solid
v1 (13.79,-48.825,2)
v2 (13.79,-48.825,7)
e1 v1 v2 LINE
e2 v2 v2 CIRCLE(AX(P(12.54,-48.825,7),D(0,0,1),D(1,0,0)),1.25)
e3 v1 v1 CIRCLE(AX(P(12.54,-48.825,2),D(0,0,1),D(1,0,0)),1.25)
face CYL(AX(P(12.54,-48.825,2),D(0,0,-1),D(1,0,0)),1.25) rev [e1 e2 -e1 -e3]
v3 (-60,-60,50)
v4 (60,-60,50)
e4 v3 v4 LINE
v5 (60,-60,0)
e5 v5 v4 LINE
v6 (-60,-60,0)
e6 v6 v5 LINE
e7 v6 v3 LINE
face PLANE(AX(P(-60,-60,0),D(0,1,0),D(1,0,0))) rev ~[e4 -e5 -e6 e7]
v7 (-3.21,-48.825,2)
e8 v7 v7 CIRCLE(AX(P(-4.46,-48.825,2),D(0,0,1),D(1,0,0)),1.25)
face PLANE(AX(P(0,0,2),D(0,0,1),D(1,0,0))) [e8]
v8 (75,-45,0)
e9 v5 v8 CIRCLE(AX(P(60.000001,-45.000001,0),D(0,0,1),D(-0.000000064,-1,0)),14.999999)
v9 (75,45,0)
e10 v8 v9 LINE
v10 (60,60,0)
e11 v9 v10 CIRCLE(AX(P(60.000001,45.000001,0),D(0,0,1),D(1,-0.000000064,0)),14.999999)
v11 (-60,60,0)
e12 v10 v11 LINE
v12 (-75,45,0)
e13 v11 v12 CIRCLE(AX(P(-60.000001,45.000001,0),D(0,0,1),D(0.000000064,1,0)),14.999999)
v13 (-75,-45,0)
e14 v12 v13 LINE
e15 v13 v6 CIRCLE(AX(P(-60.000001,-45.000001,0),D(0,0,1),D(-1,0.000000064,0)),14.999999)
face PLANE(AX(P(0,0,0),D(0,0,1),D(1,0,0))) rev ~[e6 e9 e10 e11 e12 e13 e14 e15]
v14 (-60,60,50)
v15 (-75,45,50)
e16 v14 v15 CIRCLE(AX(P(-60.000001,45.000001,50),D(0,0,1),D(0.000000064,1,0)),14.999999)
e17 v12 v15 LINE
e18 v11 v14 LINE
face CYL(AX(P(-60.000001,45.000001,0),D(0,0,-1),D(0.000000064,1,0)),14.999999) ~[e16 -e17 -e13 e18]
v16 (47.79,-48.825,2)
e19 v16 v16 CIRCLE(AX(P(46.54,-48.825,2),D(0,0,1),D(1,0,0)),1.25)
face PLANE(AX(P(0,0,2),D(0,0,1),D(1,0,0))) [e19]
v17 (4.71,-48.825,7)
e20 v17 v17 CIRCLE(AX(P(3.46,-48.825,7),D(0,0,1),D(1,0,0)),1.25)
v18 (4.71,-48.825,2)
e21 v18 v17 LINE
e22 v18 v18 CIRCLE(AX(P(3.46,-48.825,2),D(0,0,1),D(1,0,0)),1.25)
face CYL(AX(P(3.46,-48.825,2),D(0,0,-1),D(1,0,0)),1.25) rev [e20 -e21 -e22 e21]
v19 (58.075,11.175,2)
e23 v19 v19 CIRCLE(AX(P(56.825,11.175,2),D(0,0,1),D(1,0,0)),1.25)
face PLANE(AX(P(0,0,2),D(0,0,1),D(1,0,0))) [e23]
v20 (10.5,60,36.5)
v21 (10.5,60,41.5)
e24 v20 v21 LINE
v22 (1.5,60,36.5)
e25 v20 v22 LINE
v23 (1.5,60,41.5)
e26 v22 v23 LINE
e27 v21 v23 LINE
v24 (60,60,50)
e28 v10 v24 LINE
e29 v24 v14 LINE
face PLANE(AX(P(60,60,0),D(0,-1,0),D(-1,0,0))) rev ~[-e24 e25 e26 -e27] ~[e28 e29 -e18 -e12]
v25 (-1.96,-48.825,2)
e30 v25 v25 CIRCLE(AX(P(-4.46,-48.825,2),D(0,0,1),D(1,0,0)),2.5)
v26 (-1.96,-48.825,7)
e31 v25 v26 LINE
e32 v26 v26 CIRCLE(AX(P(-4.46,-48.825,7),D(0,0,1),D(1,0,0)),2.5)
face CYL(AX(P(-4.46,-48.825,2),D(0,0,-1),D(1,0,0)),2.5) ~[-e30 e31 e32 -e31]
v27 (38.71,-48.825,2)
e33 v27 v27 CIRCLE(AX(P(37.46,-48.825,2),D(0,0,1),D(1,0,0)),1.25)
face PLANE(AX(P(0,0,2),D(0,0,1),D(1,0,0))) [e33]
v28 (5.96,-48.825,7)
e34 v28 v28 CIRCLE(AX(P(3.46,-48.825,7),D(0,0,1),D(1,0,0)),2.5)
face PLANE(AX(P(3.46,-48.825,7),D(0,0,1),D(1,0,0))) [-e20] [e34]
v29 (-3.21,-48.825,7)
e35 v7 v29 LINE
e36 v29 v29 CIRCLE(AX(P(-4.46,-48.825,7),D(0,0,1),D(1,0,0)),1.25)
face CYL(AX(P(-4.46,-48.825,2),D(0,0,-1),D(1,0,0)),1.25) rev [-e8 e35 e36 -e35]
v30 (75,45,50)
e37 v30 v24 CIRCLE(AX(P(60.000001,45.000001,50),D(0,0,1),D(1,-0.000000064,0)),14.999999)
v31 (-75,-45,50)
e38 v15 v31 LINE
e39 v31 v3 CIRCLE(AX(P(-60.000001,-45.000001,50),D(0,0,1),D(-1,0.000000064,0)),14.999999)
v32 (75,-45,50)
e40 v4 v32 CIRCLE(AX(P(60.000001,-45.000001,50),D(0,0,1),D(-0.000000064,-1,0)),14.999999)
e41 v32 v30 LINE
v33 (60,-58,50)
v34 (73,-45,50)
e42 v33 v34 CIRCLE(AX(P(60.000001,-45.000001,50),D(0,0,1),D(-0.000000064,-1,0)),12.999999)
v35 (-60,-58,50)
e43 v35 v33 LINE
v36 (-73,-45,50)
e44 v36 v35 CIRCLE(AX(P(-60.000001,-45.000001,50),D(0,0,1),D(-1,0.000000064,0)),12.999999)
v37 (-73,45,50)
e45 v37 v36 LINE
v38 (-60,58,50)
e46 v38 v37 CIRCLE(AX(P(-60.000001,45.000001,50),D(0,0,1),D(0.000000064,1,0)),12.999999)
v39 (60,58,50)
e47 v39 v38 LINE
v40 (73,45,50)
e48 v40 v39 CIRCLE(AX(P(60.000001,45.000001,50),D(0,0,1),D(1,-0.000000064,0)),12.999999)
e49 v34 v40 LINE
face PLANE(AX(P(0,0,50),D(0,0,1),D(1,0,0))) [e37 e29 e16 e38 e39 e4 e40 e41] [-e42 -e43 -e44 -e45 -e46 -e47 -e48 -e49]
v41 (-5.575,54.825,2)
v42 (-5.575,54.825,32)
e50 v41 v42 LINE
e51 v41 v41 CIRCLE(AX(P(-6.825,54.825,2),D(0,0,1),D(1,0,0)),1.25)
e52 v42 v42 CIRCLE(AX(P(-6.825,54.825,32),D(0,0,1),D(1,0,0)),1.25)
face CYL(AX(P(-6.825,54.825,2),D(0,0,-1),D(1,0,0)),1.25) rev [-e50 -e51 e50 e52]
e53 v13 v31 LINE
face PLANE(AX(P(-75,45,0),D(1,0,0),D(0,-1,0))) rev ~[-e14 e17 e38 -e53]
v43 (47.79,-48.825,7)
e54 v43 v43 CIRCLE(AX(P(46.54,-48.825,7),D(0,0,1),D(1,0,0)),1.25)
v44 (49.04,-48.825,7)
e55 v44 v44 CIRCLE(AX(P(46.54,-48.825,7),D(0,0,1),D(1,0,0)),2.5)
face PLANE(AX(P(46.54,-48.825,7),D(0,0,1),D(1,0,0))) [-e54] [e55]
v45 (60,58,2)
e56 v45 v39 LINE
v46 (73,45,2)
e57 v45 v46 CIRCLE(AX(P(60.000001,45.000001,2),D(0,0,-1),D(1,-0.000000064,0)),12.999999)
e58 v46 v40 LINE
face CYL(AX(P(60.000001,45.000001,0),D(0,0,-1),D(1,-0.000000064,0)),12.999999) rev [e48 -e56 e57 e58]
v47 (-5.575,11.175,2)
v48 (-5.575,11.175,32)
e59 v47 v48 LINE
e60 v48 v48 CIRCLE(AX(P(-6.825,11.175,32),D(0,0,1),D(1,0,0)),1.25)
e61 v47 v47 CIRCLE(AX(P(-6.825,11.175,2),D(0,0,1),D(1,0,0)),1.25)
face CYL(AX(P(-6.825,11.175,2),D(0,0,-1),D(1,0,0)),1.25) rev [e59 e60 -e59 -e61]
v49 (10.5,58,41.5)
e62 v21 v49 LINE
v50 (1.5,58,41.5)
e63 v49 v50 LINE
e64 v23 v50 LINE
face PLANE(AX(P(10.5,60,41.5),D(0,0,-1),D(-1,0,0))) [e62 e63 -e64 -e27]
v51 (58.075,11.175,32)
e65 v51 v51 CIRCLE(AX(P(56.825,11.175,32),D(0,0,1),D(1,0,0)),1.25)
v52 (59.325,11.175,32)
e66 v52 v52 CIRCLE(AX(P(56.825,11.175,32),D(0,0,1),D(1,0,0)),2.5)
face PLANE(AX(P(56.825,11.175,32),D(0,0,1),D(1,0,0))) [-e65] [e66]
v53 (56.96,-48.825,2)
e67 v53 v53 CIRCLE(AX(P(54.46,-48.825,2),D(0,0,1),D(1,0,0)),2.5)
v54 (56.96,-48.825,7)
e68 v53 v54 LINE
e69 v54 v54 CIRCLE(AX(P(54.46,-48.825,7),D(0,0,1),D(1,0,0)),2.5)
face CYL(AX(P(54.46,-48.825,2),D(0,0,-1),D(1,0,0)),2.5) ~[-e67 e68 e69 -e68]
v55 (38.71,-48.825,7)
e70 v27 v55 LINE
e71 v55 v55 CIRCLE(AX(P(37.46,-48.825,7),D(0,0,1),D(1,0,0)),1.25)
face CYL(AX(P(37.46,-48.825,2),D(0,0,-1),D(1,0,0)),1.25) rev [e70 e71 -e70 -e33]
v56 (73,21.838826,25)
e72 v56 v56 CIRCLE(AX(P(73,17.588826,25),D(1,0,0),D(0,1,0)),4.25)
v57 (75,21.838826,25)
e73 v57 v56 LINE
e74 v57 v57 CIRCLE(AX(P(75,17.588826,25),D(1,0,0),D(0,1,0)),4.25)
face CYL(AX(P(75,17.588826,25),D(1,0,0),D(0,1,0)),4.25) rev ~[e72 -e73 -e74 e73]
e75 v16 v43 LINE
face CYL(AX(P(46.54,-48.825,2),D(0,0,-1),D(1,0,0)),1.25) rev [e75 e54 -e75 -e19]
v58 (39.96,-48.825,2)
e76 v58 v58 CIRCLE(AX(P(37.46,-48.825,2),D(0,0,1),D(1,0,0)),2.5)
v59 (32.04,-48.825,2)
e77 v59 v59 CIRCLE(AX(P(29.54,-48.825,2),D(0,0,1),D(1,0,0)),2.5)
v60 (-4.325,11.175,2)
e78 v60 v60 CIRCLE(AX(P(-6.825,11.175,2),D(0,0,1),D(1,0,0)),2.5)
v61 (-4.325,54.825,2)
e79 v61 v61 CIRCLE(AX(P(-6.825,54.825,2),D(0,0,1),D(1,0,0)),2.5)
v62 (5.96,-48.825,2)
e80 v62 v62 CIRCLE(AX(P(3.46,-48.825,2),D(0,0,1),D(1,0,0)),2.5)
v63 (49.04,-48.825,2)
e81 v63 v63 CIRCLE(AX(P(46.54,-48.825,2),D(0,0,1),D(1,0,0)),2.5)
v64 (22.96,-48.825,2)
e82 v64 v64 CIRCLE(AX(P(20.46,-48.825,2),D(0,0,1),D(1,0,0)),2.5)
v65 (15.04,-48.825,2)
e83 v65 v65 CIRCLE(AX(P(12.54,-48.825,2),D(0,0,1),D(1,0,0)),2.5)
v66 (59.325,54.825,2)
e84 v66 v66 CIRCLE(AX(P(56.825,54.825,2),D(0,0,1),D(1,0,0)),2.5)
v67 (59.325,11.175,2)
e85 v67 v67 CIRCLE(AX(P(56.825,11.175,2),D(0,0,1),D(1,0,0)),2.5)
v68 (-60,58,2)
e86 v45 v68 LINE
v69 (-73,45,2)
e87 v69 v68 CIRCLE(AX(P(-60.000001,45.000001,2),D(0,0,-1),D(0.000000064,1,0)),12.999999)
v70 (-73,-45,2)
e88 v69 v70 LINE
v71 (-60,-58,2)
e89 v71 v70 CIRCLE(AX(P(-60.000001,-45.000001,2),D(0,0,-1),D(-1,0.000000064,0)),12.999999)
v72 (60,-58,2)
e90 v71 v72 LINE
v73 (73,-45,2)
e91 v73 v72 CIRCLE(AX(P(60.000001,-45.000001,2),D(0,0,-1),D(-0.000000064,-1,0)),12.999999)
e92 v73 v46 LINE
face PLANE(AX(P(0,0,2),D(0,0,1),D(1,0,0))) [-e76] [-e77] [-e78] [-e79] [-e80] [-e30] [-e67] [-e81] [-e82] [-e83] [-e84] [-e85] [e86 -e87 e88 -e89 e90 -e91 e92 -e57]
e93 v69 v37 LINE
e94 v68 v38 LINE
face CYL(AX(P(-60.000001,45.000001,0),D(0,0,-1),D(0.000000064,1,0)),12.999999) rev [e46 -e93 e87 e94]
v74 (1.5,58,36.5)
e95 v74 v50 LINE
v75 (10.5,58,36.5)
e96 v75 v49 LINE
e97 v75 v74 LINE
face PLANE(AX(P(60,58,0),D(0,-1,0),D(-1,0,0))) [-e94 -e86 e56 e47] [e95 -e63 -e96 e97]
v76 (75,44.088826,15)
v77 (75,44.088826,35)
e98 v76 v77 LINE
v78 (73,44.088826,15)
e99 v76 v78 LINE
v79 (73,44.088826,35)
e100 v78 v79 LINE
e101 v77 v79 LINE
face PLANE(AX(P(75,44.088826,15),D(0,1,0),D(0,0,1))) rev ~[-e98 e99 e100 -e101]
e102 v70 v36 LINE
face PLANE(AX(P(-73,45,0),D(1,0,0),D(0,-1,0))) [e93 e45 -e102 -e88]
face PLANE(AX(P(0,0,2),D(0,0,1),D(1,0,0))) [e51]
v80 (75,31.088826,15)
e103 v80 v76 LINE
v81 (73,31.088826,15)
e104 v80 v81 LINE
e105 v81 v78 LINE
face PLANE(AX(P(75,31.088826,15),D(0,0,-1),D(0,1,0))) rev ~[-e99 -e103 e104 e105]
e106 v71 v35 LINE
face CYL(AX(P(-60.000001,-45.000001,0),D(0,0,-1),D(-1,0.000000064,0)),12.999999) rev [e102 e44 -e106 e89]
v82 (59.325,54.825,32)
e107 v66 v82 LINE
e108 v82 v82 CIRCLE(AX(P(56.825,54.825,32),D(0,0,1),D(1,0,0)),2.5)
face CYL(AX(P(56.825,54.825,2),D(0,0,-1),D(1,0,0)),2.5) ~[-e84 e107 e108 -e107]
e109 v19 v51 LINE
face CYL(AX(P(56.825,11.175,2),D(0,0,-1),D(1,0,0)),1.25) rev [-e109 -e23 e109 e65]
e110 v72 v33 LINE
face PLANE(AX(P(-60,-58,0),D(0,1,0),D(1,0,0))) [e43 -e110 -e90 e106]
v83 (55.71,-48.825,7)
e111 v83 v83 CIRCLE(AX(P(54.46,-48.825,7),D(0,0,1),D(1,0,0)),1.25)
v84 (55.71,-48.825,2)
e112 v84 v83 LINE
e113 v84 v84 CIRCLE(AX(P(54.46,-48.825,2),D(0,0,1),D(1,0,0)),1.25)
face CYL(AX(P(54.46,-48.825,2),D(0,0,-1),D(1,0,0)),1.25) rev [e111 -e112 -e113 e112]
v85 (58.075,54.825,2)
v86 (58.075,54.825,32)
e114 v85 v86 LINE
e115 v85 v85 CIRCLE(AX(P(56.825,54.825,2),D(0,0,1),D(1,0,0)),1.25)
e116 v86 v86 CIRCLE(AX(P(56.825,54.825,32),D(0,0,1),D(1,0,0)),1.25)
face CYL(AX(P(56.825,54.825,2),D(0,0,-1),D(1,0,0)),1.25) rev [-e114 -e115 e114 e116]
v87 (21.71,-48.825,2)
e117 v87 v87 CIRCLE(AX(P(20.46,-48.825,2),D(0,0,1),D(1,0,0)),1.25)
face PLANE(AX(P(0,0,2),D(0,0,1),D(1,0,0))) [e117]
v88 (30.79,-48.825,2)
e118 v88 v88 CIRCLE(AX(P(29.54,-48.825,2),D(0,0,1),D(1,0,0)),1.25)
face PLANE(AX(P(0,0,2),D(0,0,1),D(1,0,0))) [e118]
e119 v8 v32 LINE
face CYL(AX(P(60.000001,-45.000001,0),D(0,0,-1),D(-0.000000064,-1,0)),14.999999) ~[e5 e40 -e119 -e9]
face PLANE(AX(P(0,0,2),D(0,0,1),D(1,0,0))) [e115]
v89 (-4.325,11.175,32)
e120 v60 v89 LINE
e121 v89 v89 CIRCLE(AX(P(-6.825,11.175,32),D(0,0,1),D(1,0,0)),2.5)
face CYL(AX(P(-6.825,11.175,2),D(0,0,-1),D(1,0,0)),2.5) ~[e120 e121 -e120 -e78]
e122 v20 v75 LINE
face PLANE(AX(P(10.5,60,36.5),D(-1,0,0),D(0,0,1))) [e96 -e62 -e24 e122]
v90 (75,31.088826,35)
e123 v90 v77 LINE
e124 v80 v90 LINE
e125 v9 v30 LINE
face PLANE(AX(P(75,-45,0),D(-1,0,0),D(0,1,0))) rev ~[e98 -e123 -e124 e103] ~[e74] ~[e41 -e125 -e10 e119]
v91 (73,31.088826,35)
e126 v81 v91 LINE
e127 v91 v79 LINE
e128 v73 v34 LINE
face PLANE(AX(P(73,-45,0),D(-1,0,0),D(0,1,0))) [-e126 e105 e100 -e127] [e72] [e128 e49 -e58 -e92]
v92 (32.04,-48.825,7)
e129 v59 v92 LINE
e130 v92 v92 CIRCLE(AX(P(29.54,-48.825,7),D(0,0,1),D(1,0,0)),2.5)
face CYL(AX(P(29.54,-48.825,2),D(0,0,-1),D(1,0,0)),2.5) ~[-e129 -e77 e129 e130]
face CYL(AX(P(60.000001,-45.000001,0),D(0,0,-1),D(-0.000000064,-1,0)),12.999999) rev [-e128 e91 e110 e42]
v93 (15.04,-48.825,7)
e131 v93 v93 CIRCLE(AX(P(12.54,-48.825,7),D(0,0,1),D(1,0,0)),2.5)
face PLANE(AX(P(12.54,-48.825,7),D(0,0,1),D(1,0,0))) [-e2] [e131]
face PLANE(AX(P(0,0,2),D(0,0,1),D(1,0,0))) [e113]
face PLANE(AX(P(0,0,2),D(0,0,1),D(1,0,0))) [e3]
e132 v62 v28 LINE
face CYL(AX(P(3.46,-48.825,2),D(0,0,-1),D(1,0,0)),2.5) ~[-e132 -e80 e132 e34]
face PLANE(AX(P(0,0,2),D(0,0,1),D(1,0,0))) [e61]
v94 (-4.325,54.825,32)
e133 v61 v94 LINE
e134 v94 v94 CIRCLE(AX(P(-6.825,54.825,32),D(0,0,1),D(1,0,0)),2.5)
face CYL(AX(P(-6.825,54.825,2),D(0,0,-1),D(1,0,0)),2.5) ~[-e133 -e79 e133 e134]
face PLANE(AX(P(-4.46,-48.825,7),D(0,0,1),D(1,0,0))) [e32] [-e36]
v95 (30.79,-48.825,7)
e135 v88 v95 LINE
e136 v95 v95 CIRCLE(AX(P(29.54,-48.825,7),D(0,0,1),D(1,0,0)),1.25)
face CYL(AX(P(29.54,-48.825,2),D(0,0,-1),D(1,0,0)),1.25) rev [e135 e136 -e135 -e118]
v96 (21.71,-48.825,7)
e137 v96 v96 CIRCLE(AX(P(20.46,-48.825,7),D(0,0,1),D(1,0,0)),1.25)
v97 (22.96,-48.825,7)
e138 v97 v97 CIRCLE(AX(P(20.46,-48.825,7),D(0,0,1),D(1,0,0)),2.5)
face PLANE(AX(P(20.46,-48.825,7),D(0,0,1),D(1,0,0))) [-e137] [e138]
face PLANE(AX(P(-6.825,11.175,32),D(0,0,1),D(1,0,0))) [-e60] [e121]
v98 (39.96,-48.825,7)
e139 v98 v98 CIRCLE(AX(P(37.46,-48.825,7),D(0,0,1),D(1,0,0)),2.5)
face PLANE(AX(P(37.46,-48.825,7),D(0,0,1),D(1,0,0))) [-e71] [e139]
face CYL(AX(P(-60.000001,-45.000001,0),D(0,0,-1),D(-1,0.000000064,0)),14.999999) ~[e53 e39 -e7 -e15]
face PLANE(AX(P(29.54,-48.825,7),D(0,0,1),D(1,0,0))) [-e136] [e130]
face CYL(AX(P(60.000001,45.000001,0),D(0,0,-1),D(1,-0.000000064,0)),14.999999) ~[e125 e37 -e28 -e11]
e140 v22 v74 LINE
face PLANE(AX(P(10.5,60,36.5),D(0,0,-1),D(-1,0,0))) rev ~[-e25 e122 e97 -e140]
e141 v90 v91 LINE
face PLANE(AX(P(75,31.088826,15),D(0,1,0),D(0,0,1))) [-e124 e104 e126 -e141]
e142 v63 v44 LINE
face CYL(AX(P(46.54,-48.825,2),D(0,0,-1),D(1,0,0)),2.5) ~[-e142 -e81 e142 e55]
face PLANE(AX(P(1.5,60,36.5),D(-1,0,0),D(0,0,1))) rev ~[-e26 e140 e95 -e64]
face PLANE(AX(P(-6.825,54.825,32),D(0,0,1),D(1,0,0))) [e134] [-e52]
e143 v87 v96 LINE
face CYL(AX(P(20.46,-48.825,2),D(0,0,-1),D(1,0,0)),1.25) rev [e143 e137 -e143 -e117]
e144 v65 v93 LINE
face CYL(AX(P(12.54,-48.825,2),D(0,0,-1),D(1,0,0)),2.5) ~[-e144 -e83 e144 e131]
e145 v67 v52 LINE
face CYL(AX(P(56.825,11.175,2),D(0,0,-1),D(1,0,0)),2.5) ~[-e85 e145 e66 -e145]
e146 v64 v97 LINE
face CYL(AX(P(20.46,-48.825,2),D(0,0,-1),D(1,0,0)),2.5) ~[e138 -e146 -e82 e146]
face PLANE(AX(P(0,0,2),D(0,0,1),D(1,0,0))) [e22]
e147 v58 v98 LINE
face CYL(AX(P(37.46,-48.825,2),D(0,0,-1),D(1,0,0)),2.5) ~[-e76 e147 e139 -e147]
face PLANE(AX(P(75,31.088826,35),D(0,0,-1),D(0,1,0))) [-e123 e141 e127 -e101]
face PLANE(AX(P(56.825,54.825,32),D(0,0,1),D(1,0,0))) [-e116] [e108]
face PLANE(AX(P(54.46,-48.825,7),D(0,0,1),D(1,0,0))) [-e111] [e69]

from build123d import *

# Parameters (mm, degrees)
F1_DEPTH  = 50
F2_T      = -2
F3_R      = 2.5
F3_R_2    = 1.25
F4_DEPTH  = 30
F5_W      = 9
F5_H      = 5
F6_DEPTH  = 2
F8_R      = 4.25
F8_W      = 13
F8_H      = 20
F9_DEPTH  = 2
F10_R     = 2.5
F10_R_2   = 1.25
F11_DEPTH = 5


with BuildPart() as f1:
    # F0 (on Top) → F1 (new body)
    with BuildSketch(Plane.XY):
        with BuildLine():
            Line((60, 60), (-60, 60))
            ThreePointArc((-60, 60), (-70.606602, 55.606602), (-75, 45))
            Line((-75, 45), (-75, -45))
            ThreePointArc((-75, -45), (-70.606602, -55.606602), (-60, -60))
            Line((-60, -60), (60, -60))
            ThreePointArc((60, -60), (70.606602, -55.606602), (75, -45))
            Line((75, -45), (75, 45))
            ThreePointArc((75, 45), (70.606602, 55.606602), (60, 60))
        make_face()
    extrude(amount=F1_DEPTH)

    # F2
    f2_openings = [f1.faces().sort_by_distance(p)[0] for p in [
        (0, 0, 50),
    ]]
    offset(amount=F2_T, openings=f2_openings)

    # F3 (on face) → F4 (join)
    with BuildSketch(Plane.XY.offset(2)):
        with Locations((-6.825, 54.825)):
            Circle(F3_R)
        with Locations((-6.825, 54.825)):
            Circle(F3_R_2, mode=Mode.SUBTRACT)
        with Locations((-6.825, 11.175)):
            Circle(F3_R)
        with Locations((-6.825, 11.175)):
            Circle(F3_R_2, mode=Mode.SUBTRACT)
        with Locations((56.825, 54.825)):
            Circle(F3_R)
        with Locations((56.825, 54.825)):
            Circle(F3_R_2, mode=Mode.SUBTRACT)
        with Locations((56.825, 11.175)):
            Circle(F3_R)
        with Locations((56.825, 11.175)):
            Circle(F3_R_2, mode=Mode.SUBTRACT)
    extrude(amount=F4_DEPTH)

    # F5 (on face) → F6 (cut, through all)
    with BuildSketch(Plane(origin=(0, 60, 0), x_dir=(-1, 0, 0), z_dir=(0, 1, 0))):
        with Locations((-6, 39)):
            Rectangle(F5_W, F5_H)
    extrude(amount=-F6_DEPTH, mode=Mode.SUBTRACT)

    # F8 (on face) → F9 (cut, through all)
    with BuildSketch(Plane.YZ.offset(75)):
        with Locations((17.588826, 25)):
            Circle(F8_R)
        with Locations((37.588826, 25)):
            Rectangle(F8_W, F8_H)
    extrude(amount=-F9_DEPTH, mode=Mode.SUBTRACT)

    # F10 (on face) → F11 (join)
    with BuildSketch(Plane.XY.offset(2)):
        with Locations((-4.46, -48.825)):
            Circle(F10_R)
        with Locations((-4.46, -48.825)):
            Circle(F10_R_2, mode=Mode.SUBTRACT)
        with Locations((3.46, -48.825)):
            Circle(F10_R)
        with Locations((3.46, -48.825)):
            Circle(F10_R_2, mode=Mode.SUBTRACT)
        with Locations((12.54, -48.825)):
            Circle(F10_R)
        with Locations((12.54, -48.825)):
            Circle(F10_R_2, mode=Mode.SUBTRACT)
        with Locations((20.46, -48.825)):
            Circle(F10_R)
        with Locations((20.46, -48.825)):
            Circle(F10_R_2, mode=Mode.SUBTRACT)
        with Locations((29.54, -48.825)):
            Circle(F10_R)
        with Locations((29.54, -48.825)):
            Circle(F10_R_2, mode=Mode.SUBTRACT)
        with Locations((37.46, -48.825)):
            Circle(F10_R)
        with Locations((37.46, -48.825)):
            Circle(F10_R_2, mode=Mode.SUBTRACT)
        with Locations((46.54, -48.825)):
            Circle(F10_R)
        with Locations((46.54, -48.825)):
            Circle(F10_R_2, mode=Mode.SUBTRACT)
        with Locations((54.46, -48.825)):
            Circle(F10_R)
        with Locations((54.46, -48.825)):
            Circle(F10_R_2, mode=Mode.SUBTRACT)
    extrude(amount=F11_DEPTH)


solid = f1.part
